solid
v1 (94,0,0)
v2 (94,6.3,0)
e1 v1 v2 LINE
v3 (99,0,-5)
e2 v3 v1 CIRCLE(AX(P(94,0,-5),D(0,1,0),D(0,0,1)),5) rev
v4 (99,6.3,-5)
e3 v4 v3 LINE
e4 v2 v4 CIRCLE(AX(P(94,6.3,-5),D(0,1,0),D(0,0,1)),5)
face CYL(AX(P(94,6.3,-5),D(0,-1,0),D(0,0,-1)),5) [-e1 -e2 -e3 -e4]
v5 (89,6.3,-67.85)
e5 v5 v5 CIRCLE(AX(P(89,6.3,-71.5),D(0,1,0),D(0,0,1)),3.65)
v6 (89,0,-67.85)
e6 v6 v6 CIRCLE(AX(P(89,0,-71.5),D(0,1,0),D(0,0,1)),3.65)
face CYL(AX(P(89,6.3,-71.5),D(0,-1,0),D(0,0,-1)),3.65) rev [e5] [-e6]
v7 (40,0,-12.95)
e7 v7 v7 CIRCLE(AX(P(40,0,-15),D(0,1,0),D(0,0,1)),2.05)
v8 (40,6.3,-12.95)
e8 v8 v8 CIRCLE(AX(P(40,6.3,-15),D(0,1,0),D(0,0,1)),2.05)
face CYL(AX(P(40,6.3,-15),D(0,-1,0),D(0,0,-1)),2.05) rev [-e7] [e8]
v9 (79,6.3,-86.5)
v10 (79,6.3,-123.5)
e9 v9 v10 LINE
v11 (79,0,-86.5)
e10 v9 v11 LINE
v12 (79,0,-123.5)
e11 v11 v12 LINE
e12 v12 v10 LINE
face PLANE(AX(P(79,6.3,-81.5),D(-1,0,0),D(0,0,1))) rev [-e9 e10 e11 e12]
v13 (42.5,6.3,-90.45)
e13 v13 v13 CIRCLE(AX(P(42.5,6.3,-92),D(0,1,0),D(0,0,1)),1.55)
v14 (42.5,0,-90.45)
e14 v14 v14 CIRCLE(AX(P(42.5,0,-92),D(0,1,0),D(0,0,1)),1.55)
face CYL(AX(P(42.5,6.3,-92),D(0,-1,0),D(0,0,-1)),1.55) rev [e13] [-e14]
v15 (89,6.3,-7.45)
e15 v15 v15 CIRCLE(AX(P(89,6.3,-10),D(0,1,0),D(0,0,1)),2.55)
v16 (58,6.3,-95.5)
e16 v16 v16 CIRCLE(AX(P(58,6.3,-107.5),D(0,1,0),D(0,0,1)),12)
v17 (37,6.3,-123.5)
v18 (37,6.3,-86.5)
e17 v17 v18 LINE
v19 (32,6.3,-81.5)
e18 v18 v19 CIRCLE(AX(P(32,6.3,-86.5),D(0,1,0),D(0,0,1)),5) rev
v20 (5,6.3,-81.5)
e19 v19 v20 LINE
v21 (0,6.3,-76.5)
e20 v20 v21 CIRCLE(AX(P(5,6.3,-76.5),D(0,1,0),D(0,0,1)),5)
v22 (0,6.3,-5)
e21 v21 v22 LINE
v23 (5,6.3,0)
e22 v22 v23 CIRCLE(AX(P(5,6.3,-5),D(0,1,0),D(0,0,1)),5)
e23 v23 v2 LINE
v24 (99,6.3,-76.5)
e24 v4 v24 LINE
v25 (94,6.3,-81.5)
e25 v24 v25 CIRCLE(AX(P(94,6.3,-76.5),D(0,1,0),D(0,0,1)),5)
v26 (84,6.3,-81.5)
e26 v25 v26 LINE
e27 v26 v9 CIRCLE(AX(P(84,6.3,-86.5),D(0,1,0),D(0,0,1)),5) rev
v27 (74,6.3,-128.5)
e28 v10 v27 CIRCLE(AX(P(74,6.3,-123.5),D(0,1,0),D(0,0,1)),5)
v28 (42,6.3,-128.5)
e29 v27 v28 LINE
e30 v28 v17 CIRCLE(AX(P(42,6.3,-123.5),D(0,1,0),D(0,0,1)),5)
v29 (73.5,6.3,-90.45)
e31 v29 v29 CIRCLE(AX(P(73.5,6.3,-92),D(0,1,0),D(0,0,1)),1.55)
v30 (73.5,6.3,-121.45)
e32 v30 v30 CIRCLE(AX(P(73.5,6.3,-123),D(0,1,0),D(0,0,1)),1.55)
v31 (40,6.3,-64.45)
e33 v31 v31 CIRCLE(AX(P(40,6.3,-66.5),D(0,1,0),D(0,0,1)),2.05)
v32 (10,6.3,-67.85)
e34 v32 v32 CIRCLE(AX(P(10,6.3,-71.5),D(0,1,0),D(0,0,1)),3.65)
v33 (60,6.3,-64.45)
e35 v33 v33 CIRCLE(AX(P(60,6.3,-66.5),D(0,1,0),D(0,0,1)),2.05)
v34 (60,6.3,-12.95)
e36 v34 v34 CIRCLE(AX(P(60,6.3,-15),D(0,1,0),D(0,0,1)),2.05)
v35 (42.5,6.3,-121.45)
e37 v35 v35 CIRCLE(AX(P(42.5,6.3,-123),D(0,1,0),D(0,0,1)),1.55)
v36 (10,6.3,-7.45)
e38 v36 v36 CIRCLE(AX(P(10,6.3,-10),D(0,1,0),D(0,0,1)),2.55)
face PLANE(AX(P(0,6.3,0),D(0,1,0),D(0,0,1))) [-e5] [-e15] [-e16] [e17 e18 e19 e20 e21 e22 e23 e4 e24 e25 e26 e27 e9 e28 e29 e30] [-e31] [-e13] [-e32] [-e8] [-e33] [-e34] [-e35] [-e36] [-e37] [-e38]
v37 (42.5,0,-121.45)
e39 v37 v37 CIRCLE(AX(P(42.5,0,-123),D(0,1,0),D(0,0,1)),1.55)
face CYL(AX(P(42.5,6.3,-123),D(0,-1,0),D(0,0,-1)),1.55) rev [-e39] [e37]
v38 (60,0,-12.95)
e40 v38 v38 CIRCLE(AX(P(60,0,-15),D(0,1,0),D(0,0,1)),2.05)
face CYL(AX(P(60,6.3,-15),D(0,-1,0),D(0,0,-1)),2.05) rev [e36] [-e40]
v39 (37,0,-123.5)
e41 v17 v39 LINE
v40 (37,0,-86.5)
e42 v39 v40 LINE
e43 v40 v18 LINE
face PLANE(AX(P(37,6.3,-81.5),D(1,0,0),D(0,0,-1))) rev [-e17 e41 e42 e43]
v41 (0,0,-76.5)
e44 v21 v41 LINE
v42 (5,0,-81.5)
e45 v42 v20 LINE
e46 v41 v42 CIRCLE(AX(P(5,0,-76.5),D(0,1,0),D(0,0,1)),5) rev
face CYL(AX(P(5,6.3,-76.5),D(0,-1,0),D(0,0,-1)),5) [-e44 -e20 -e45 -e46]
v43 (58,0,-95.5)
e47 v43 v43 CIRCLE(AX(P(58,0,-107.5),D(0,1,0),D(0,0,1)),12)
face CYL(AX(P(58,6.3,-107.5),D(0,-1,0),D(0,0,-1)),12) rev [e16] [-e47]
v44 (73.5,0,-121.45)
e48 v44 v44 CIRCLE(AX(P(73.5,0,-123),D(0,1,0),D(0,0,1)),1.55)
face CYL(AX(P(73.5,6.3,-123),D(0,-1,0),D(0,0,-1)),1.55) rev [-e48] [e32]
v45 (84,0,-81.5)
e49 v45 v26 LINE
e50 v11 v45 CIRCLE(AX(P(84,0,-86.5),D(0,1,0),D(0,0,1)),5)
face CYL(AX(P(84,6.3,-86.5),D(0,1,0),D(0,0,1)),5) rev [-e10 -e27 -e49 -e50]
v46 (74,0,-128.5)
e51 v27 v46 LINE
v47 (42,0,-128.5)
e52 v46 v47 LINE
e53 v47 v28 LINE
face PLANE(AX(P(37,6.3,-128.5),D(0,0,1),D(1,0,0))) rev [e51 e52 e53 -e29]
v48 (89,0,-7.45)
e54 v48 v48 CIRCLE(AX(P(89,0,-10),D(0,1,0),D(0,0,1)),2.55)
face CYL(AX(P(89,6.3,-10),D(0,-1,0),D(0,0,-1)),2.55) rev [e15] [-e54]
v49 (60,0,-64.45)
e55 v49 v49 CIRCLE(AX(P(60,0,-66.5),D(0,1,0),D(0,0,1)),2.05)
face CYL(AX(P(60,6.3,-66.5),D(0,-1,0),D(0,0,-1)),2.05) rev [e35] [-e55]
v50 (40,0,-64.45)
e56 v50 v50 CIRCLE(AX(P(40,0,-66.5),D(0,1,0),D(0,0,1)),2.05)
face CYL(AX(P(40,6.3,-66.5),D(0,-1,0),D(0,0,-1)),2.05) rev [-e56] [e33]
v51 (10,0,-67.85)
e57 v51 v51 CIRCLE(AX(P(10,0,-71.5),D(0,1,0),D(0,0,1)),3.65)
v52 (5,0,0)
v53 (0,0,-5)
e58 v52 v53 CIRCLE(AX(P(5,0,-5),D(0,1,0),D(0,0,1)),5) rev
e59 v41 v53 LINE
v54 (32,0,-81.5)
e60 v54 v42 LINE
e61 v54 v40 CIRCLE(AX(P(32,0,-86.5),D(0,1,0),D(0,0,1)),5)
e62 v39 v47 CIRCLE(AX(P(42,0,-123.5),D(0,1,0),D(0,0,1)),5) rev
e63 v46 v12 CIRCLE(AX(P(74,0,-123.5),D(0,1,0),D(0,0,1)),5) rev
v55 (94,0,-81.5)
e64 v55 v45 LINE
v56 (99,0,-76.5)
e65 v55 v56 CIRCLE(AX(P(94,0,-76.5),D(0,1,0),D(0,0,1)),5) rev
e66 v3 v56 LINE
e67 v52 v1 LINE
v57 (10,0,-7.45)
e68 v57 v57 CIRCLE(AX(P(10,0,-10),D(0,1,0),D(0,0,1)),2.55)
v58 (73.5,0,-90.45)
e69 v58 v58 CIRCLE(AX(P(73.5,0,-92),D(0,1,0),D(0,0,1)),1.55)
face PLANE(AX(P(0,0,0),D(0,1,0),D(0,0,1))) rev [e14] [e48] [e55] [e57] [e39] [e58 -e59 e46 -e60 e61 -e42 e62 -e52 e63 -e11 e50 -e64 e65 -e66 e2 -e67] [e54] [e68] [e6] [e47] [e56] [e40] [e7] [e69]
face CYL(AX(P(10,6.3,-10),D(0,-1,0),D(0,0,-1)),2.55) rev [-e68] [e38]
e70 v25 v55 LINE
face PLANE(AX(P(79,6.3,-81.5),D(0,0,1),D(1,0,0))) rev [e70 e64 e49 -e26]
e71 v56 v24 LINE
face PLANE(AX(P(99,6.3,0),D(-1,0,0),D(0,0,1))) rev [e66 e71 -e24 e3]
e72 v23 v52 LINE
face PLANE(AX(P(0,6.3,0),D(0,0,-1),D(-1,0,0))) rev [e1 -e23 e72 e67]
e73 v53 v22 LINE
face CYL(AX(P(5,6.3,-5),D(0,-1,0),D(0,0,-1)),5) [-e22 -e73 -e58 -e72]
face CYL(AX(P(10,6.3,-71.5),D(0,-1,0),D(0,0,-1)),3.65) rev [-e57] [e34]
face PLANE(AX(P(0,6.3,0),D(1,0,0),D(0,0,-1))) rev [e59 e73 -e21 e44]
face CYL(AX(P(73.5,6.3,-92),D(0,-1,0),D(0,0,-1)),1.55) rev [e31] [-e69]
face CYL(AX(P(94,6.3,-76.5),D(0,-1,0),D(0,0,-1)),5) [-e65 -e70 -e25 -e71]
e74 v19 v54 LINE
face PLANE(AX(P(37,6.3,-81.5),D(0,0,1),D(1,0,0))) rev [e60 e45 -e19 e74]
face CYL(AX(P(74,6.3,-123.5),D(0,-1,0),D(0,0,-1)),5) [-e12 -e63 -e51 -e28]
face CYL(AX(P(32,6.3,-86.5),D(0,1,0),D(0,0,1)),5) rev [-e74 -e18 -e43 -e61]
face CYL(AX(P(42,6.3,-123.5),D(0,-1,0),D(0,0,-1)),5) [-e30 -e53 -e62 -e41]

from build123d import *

# Parameters (mm, degrees)
SKETCH1_R           = 12
SKETCH1_R_2         = 1.55
SKETCH1_R_3         = 3.65
SKETCH1_R_4         = 2.55
SKETCH1_R_5         = 2.05
BOSS_EXTRUDE1_DEPTH = 6.3
FILLET1_R           = 5


with BuildPart() as part:
    # Sketch1 → Boss-Extrude1 (new body)
    with BuildSketch(Plane(origin=(0, 0, 0), x_dir=(1, 0, 0), z_dir=(0, 1, 0))):
        Polygon((0, 0), (99, 0), (99, 81.5), (79, 81.5), (79, 128.5), (37, 128.5), (37, 81.5), (0, 81.5), align=None)
        with Locations(Location((58, 107.5, 0), (0, 0, 270))):
            Circle(SKETCH1_R, mode=Mode.SUBTRACT)
        with Locations(Location((42.5, 123, 0), (0, 0, 270))):
            Circle(SKETCH1_R_2, mode=Mode.SUBTRACT)
        with Locations(Location((73.5, 123, 0), (0, 0, 270))):
            Circle(SKETCH1_R_2, mode=Mode.SUBTRACT)
        with Locations(Location((73.5, 92, 0), (0, 0, 270))):
            Circle(SKETCH1_R_2, mode=Mode.SUBTRACT)
        with Locations(Location((42.5, 92, 0), (0, 0, 270))):
            Circle(SKETCH1_R_2, mode=Mode.SUBTRACT)
        with Locations(Location((10, 71.5, 0), (0, 0, 270))):
            Circle(SKETCH1_R_3, mode=Mode.SUBTRACT)
        with Locations(Location((89, 71.5, 0), (0, 0, 270))):
            Circle(SKETCH1_R_3, mode=Mode.SUBTRACT)
        with Locations(Location((89, 10, 0), (0, 0, 270))):
            Circle(SKETCH1_R_4, mode=Mode.SUBTRACT)
        with Locations(Location((10, 10, 0), (0, 0, 270))):
            Circle(SKETCH1_R_4, mode=Mode.SUBTRACT)
        with Locations(Location((40, 66.5, 0), (0, 0, 270))):
            Circle(SKETCH1_R_5, mode=Mode.SUBTRACT)
        with Locations(Location((60, 66.5, 0), (0, 0, 270))):
            Circle(SKETCH1_R_5, mode=Mode.SUBTRACT)
        with Locations(Location((60, 15, 0), (0, 0, 270))):
            Circle(SKETCH1_R_5, mode=Mode.SUBTRACT)
        with Locations(Location((40, 15, 0), (0, 0, 270))):
            Circle(SKETCH1_R_5, mode=Mode.SUBTRACT)
    extrude(amount=BOSS_EXTRUDE1_DEPTH)

    # Fillet1
    fillet1_edges = [part.edges().sort_by_distance(p)[0] for p in [
        (0, 3.15, -81.5),
        (37, 3.15, -81.5),
        (37, 3.15, -128.5),
        (79, 3.15, -128.5),
        (79, 3.15, -81.5),
        (99, 3.15, -81.5),
        (99, 3.15, 0),
        (0, 3.15, 0),
    ]]
    fillet(fillet1_edges, radius=FILLET1_R)


solid = part.part
